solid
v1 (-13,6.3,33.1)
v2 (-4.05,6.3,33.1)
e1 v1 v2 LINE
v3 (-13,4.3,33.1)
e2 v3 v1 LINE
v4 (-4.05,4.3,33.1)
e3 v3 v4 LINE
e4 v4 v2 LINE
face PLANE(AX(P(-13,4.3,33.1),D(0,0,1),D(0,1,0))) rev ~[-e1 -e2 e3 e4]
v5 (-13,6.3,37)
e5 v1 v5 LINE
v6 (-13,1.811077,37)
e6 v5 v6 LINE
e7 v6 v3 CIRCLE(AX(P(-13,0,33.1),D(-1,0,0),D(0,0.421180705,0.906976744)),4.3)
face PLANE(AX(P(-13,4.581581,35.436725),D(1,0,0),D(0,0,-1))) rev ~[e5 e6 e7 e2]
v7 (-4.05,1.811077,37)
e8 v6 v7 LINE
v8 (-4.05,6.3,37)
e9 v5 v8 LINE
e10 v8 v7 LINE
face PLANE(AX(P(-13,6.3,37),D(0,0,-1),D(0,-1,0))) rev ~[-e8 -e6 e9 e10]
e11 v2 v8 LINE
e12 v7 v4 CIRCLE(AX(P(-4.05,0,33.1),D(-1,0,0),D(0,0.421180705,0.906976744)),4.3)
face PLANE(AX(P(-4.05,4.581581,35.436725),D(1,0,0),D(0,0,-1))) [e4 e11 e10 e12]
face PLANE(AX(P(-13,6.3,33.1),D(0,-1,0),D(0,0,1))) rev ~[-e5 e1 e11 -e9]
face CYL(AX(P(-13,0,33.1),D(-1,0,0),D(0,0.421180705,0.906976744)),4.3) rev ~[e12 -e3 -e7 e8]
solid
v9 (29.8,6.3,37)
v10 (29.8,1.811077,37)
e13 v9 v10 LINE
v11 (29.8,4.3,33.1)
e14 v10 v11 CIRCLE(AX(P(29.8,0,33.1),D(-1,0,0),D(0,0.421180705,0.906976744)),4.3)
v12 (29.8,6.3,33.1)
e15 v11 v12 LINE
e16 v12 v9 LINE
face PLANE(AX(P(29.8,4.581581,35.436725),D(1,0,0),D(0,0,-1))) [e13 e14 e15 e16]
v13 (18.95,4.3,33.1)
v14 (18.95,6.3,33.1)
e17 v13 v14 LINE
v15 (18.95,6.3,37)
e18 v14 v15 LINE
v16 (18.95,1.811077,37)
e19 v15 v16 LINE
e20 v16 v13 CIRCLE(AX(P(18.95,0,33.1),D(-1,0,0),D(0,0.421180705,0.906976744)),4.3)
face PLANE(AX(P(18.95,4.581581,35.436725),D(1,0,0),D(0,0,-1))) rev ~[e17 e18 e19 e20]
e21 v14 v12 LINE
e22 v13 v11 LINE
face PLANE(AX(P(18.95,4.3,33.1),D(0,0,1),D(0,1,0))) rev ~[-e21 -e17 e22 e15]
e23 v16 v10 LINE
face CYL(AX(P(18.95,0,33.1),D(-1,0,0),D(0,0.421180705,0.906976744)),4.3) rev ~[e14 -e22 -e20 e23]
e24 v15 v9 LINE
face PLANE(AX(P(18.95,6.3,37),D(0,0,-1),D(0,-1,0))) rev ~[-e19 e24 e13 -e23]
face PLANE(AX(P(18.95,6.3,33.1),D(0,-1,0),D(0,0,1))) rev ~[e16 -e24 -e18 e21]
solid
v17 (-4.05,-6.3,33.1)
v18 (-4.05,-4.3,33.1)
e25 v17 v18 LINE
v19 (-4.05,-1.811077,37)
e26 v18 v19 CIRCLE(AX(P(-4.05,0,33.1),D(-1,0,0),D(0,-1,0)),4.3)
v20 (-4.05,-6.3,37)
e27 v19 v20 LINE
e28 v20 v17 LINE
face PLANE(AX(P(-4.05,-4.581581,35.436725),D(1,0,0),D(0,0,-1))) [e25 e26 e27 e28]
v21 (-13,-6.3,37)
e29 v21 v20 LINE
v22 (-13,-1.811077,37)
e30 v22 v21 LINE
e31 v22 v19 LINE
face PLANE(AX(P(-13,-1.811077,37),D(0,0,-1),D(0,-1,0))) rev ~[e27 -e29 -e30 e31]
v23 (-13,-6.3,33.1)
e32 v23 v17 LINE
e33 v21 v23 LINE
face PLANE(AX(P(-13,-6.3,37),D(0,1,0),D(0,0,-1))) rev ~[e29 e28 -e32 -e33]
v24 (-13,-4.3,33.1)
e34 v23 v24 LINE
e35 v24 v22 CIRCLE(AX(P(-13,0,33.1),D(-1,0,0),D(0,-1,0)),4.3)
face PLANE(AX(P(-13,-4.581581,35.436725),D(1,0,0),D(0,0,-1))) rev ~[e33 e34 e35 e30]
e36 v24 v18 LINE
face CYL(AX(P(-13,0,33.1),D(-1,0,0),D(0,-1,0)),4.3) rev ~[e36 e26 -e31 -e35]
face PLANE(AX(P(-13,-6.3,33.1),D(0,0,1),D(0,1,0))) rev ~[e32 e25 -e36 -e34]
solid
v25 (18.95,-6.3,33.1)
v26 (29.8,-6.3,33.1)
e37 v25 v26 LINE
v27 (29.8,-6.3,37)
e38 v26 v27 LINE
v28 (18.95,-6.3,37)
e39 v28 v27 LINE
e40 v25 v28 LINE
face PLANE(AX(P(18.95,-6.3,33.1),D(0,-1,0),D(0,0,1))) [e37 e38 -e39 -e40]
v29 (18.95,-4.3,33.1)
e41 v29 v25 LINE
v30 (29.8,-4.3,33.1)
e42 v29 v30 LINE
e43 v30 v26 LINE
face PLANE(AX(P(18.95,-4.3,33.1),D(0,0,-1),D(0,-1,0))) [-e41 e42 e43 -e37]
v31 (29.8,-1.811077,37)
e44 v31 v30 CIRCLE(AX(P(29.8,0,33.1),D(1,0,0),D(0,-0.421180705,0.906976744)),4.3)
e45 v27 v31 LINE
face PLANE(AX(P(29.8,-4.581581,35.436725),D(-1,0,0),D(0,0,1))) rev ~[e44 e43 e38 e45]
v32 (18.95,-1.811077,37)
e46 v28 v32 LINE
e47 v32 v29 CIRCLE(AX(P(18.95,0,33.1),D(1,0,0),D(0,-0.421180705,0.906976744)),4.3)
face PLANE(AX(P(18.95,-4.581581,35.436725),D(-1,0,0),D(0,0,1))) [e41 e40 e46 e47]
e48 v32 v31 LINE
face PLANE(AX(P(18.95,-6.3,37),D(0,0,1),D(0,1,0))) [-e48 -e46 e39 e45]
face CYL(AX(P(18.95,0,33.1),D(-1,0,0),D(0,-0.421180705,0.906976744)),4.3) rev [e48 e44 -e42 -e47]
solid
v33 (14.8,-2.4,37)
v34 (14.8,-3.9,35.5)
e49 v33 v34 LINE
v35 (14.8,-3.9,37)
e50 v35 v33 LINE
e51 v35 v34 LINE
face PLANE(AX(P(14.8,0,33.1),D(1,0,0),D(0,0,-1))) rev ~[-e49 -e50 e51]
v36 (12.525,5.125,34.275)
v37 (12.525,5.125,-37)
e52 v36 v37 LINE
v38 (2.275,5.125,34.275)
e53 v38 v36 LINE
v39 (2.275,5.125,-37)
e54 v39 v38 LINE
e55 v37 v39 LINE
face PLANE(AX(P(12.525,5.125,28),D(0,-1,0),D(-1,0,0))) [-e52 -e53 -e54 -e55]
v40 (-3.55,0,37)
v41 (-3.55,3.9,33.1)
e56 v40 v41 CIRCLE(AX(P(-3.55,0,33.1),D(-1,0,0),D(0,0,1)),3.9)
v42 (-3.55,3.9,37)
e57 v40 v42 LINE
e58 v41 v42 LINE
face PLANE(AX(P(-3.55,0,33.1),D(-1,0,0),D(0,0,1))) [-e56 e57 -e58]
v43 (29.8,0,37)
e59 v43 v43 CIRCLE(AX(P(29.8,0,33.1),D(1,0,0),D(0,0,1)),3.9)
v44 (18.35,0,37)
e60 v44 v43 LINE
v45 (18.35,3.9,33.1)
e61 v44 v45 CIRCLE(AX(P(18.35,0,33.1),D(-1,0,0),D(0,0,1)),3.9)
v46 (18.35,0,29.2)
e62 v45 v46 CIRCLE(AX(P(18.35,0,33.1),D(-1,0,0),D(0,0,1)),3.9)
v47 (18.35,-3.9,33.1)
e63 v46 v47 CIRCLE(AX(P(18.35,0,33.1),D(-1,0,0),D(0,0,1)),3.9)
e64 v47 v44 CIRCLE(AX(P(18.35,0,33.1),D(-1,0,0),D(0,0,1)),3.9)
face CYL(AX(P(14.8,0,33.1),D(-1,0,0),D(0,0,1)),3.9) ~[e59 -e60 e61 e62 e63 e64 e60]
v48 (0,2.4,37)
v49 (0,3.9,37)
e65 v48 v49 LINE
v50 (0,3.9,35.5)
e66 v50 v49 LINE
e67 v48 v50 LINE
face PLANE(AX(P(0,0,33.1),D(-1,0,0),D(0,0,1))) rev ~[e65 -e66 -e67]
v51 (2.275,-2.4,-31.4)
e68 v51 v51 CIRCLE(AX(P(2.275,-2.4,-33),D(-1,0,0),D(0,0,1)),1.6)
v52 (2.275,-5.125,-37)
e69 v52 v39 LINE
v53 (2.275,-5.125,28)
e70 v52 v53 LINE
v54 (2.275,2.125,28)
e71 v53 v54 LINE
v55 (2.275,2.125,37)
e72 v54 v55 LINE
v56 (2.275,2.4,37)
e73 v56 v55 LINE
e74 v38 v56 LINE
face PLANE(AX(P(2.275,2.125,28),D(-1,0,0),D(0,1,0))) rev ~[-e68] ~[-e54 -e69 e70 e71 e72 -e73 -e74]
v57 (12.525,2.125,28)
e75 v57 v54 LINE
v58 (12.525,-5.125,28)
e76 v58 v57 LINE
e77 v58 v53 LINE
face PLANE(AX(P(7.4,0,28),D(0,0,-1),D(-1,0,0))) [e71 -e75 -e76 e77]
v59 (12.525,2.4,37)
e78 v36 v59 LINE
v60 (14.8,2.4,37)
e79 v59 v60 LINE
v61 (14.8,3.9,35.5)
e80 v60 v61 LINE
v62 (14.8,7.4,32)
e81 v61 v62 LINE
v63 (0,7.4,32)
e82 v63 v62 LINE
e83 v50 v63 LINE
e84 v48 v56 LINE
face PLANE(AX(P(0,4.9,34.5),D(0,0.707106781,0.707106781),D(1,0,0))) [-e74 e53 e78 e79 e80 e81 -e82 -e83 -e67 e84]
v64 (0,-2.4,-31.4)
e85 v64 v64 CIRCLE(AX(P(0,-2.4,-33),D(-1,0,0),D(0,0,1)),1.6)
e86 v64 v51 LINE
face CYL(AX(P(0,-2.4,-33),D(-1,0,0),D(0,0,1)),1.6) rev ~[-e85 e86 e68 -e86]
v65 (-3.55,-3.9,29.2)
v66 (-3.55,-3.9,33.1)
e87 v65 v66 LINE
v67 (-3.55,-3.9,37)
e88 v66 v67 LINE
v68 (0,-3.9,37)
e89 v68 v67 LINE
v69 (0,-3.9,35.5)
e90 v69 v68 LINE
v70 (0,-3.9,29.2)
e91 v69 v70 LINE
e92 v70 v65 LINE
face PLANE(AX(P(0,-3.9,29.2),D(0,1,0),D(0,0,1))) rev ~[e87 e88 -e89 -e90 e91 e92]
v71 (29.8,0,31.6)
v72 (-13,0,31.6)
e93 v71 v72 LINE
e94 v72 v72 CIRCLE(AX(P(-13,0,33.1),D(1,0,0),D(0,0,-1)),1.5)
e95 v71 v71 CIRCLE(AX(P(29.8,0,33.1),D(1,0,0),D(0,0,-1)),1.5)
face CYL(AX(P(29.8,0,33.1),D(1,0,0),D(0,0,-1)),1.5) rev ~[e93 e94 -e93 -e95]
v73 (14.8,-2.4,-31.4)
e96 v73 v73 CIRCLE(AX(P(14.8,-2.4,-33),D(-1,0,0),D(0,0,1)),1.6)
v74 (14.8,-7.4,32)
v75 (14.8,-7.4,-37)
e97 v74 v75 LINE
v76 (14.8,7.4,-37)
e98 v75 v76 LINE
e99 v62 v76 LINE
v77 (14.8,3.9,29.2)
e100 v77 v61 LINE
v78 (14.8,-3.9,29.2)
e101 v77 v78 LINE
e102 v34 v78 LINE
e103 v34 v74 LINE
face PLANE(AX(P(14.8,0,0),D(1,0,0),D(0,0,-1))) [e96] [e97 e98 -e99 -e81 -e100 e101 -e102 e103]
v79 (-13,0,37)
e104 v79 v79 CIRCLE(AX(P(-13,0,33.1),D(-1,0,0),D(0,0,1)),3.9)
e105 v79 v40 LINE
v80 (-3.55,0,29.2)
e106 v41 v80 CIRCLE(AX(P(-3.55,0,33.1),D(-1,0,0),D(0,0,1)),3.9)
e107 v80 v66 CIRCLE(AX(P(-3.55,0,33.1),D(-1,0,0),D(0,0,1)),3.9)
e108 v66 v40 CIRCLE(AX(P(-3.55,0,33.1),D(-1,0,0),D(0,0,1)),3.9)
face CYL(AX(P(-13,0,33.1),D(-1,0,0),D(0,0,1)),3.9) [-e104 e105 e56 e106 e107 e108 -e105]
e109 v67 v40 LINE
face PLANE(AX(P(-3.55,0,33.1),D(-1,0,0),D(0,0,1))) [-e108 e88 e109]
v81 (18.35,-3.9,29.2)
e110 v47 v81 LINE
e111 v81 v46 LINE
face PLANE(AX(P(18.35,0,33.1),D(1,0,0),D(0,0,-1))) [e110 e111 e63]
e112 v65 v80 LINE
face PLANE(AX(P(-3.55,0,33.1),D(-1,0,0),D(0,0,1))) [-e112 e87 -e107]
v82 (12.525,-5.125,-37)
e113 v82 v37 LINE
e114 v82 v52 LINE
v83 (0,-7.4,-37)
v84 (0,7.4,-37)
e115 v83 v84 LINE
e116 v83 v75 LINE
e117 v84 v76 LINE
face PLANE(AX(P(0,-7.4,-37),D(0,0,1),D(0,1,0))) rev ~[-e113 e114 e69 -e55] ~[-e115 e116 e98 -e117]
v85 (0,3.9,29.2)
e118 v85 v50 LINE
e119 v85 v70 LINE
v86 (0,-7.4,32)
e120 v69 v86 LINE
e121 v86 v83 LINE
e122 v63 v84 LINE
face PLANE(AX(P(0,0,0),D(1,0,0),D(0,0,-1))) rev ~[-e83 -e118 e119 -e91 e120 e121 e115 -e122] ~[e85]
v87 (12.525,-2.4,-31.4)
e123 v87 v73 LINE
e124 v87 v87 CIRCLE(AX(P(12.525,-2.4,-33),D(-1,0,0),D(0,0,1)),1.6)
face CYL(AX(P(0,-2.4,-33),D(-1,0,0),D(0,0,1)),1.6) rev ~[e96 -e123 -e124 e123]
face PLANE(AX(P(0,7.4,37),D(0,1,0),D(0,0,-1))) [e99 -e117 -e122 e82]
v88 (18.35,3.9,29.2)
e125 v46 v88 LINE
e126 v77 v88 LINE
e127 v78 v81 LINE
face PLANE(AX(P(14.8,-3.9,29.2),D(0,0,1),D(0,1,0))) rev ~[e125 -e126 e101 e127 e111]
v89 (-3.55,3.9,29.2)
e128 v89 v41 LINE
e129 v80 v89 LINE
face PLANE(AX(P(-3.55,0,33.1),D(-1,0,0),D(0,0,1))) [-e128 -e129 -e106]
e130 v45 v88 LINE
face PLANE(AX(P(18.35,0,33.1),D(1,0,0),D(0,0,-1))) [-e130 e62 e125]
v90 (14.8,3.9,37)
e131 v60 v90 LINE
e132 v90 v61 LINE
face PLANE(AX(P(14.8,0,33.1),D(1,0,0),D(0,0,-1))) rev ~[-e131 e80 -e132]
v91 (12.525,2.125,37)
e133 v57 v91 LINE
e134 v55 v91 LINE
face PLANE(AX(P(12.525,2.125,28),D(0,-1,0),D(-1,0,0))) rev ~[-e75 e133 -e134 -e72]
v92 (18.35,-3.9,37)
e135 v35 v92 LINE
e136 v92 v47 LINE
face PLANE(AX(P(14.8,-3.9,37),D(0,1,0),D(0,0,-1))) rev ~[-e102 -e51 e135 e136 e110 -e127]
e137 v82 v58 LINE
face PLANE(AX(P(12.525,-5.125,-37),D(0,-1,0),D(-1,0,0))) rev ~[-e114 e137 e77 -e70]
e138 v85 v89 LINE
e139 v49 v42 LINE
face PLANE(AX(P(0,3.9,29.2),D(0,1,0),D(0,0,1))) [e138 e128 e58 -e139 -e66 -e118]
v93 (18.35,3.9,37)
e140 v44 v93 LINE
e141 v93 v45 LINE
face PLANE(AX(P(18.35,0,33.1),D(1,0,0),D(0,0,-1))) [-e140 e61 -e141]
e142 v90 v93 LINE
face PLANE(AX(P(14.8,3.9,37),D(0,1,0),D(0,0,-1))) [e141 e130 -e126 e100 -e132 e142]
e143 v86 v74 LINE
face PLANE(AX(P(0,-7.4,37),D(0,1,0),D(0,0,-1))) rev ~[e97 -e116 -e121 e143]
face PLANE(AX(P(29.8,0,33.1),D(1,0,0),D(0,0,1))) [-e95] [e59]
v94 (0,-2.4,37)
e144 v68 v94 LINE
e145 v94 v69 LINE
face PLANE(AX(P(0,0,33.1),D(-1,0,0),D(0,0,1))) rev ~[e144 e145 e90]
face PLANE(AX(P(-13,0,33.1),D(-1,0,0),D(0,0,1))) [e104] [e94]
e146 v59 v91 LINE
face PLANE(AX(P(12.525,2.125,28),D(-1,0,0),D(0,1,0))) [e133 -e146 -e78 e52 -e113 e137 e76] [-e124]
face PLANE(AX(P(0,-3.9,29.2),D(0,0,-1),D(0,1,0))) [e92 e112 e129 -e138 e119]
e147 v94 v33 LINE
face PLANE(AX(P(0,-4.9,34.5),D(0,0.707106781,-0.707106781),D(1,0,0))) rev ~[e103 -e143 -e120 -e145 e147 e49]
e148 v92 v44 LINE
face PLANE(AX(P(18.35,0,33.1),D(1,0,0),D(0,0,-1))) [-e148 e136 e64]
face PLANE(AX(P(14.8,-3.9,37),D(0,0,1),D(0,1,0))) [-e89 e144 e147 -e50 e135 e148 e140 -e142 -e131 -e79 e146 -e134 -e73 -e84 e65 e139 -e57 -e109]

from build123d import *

# Parameters (mm, degrees)
SKETCH_1_W            = 74
SKETCH_1_H            = 14.8
EXTRUDE_1_DEPTH       = 14.8
SKETCH_2_W            = 10.25
SKETCH_2_H            = 10.25
CUT_EXTRUDE_1_DEPTH   = 65
SKETCH_3_R            = 3.9
EXTRUDE_2_DEPTH       = 15
EXTRUDE_START         = 13
SKETCH_4_R            = 3.9
EXTRUDE_3_DEPTH       = 13
CHAMFER_1_SIZE        = 5
SKETCH_8_R            = 1.45
CUT_EXTRUDE_4_DEPTH   = 58.057865365
SKETCH_9_W            = 7.8
SKETCH_9_H            = 7.8
SKETCH_9_R            = 1.5
EXTRUDE_4_DEPTH       = 3.55
SKETCH_10_W           = 7.8
SKETCH_10_H           = 7.8
EXTRUDE_5_DEPTH       = 3.55
SKETCH1_R             = 1.6
CUT_EXTRUDE1_DEPTH    = 49.08118135
SKETCH2_R             = 1.5
CUT_EXTRUDE2_DEPTH    = 58.057865365
SKETCH3_W             = 10.25
SKETCH3_H             = 3
CUT_EXTRUDE3_DEPTH    = 72.887411972
BOSS_EXTRUDE1_DEPTH   = 8.95
BOSS_EXTRUDE1_2_DEPTH = 8.95
BOSS_EXTRUDE7_START   = 23
BOSS_EXTRUDE7_DEPTH   = 10.85
BOSS_EXTRUDE7_2_DEPTH = 10.85


with BuildPart() as part:
    # Эскиз1 → Бобышка-Вытянуть1 (new body)
    with BuildSketch(Plane(origin=(0, 0, 0), x_dir=(0, 0, -1), z_dir=(1, 0, 0))):
        Rectangle(SKETCH_1_W, SKETCH_1_H)
    extrude(amount=EXTRUDE_1_DEPTH)

    # Эскиз2 → Вырез-Вытянуть1 (cut)
    with BuildSketch(Plane(origin=(0, 0, -37), x_dir=(-1, 0, 0), z_dir=(0, 0, -1))):
        with Locations((-7.4, 0)):
            Rectangle(SKETCH_2_W, SKETCH_2_H)
    extrude(amount=-CUT_EXTRUDE_1_DEPTH, mode=Mode.SUBTRACT)

    # Эскиз3 → Бобышка-Вытянуть2 (add)
    with BuildSketch(Plane(origin=(14.8, 0, 0), x_dir=(0, 0, -1), z_dir=(1, 0, 0))):
        with Locations(Location((-33.1, 0, 0), (0, 0, 180))):
            Circle(SKETCH_3_R)
    extrude(amount=EXTRUDE_2_DEPTH)

    # Эскиз4 → Бобышка-Вытянуть3 (add)
    with BuildSketch(Plane.ZY.offset(EXTRUDE_START)):
        with Locations((33.1, 0)):
            Circle(SKETCH_4_R)
    extrude(amount=-EXTRUDE_3_DEPTH)

    # Фаска1
    chamfer_1_edges = [part.edges().sort_by_distance(p)[0] for p in [
        (7.4, 7.4, 37),
        (7.4, -7.4, 37),
    ]]
    chamfer(chamfer_1_edges, length=CHAMFER_1_SIZE)

    # Эскиз8 → Вырез-Вытянуть4 (cut, through all)
    with BuildSketch(Plane(origin=(29.8, 0, 0), x_dir=(0, 0, -1), z_dir=(1, 0, 0))):
        with Locations((-33.1, 0)):
            Circle(SKETCH_8_R)
    extrude(amount=-CUT_EXTRUDE_4_DEPTH, mode=Mode.SUBTRACT)

    # Эскиз9 → Бобышка-Вытянуть4 (add)
    with BuildSketch(Plane.ZY):
        with Locations((33.1, 0)):
            Rectangle(SKETCH_9_W, SKETCH_9_H)
        with Locations((33.1, 0)):
            Circle(SKETCH_9_R, mode=Mode.SUBTRACT)
    extrude(amount=EXTRUDE_4_DEPTH)

    # Эскиз10 → Бобышка-Вытянуть5 (add)
    with BuildSketch(Plane(origin=(14.8, 0, 0), x_dir=(0, 0, -1), z_dir=(1, 0, 0))):
        with Locations((-33.1, 0)):
            Rectangle(SKETCH_10_W, SKETCH_10_H)
    extrude(amount=EXTRUDE_5_DEPTH)

    # Sketch1 → Cut-Extrude1 (cut, through all)
    with BuildSketch(Plane.ZY):
        with Locations((-33, -2.4)):
            Circle(SKETCH1_R)
    extrude(amount=-CUT_EXTRUDE1_DEPTH, mode=Mode.SUBTRACT)

    # Sketch2 → Cut-Extrude2 (cut, through all)
    with BuildSketch(Plane(origin=(29.8, 0, 0), x_dir=(0, 0, -1), z_dir=(1, 0, 0))):
        with Locations((-33.1, 0)):
            Circle(SKETCH2_R)
    extrude(amount=-CUT_EXTRUDE2_DEPTH, mode=Mode.SUBTRACT)

    # Sketch3 → Cut-Extrude3 (cut, through all)
    with BuildSketch(Plane(origin=(0, 0, 28), x_dir=(-1, 0, 0), z_dir=(0, 0, -1))):
        with Locations((-7.4, 3.625)):
            Rectangle(SKETCH3_W, SKETCH3_H)
    extrude(amount=-CUT_EXTRUDE3_DEPTH, mode=Mode.SUBTRACT)


with BuildPart() as body_2:
    # Sketch4 → Boss-Extrude1 (new body)
    with BuildSketch(Plane.ZY.offset(13)):
        with BuildLine():
            Line((33.1, 4.3), (33.1, 6.3))
            Line((33.1, 6.3), (37, 6.3))
            Line((37, 6.3), (37, 1.811077028))
            ThreePointArc((37, 1.811077028), (35.413262715, 3.62475042), (33.1, 4.3))
        make_face()
    extrude(amount=-BOSS_EXTRUDE1_DEPTH)


with BuildPart() as body_3:
    # Sketch4 → Boss-Extrude1 2 (new body)
    with BuildSketch(Plane.ZY.offset(13)):
        with BuildLine():
            Line((37, -6.3), (33.1, -6.3))
            Line((33.1, -6.3), (33.1, -4.3))
            ThreePointArc((33.1, -4.3), (35.413262715, -3.62475042), (37, -1.811077028))
            Line((37, -1.811077028), (37, -6.3))
        make_face()
    extrude(amount=-BOSS_EXTRUDE1_2_DEPTH)


with BuildPart() as body_4:
    # Sketch8 → Boss-Extrude7 (new body)
    with BuildSketch(Plane(origin=(-4.05, 0, 0), x_dir=(0, 0, -1), z_dir=(1, 0, 0)).offset(BOSS_EXTRUDE7_START)):
        with BuildLine():
            Line((-33.1, -4.3), (-33.1, -6.3))
            Line((-33.1, -6.3), (-37, -6.3))
            Line((-37, -6.3), (-37, -1.811077028))
            ThreePointArc((-37, -1.811077028), (-35.413262715, -3.62475042), (-33.1, -4.3))
        make_face()
    extrude(amount=BOSS_EXTRUDE7_DEPTH)


with BuildPart() as body_5:
    # Sketch8 → Boss-Extrude7 2 (new body)
    with BuildSketch(Plane(origin=(-4.05, 0, 0), x_dir=(0, 0, -1), z_dir=(1, 0, 0)).offset(BOSS_EXTRUDE7_START)):
        with BuildLine():
            Line((-33.1, 4.3), (-33.1, 6.3))
            Line((-33.1, 6.3), (-37, 6.3))
            Line((-37, 6.3), (-37, 1.811077028))
            ThreePointArc((-37, 1.811077028), (-35.413262715, 3.62475042), (-33.1, 4.3))
        make_face()
    extrude(amount=BOSS_EXTRUDE7_2_DEPTH)


solid = Compound([part.part, body_2.part, body_3.part, body_4.part, body_5.part])
